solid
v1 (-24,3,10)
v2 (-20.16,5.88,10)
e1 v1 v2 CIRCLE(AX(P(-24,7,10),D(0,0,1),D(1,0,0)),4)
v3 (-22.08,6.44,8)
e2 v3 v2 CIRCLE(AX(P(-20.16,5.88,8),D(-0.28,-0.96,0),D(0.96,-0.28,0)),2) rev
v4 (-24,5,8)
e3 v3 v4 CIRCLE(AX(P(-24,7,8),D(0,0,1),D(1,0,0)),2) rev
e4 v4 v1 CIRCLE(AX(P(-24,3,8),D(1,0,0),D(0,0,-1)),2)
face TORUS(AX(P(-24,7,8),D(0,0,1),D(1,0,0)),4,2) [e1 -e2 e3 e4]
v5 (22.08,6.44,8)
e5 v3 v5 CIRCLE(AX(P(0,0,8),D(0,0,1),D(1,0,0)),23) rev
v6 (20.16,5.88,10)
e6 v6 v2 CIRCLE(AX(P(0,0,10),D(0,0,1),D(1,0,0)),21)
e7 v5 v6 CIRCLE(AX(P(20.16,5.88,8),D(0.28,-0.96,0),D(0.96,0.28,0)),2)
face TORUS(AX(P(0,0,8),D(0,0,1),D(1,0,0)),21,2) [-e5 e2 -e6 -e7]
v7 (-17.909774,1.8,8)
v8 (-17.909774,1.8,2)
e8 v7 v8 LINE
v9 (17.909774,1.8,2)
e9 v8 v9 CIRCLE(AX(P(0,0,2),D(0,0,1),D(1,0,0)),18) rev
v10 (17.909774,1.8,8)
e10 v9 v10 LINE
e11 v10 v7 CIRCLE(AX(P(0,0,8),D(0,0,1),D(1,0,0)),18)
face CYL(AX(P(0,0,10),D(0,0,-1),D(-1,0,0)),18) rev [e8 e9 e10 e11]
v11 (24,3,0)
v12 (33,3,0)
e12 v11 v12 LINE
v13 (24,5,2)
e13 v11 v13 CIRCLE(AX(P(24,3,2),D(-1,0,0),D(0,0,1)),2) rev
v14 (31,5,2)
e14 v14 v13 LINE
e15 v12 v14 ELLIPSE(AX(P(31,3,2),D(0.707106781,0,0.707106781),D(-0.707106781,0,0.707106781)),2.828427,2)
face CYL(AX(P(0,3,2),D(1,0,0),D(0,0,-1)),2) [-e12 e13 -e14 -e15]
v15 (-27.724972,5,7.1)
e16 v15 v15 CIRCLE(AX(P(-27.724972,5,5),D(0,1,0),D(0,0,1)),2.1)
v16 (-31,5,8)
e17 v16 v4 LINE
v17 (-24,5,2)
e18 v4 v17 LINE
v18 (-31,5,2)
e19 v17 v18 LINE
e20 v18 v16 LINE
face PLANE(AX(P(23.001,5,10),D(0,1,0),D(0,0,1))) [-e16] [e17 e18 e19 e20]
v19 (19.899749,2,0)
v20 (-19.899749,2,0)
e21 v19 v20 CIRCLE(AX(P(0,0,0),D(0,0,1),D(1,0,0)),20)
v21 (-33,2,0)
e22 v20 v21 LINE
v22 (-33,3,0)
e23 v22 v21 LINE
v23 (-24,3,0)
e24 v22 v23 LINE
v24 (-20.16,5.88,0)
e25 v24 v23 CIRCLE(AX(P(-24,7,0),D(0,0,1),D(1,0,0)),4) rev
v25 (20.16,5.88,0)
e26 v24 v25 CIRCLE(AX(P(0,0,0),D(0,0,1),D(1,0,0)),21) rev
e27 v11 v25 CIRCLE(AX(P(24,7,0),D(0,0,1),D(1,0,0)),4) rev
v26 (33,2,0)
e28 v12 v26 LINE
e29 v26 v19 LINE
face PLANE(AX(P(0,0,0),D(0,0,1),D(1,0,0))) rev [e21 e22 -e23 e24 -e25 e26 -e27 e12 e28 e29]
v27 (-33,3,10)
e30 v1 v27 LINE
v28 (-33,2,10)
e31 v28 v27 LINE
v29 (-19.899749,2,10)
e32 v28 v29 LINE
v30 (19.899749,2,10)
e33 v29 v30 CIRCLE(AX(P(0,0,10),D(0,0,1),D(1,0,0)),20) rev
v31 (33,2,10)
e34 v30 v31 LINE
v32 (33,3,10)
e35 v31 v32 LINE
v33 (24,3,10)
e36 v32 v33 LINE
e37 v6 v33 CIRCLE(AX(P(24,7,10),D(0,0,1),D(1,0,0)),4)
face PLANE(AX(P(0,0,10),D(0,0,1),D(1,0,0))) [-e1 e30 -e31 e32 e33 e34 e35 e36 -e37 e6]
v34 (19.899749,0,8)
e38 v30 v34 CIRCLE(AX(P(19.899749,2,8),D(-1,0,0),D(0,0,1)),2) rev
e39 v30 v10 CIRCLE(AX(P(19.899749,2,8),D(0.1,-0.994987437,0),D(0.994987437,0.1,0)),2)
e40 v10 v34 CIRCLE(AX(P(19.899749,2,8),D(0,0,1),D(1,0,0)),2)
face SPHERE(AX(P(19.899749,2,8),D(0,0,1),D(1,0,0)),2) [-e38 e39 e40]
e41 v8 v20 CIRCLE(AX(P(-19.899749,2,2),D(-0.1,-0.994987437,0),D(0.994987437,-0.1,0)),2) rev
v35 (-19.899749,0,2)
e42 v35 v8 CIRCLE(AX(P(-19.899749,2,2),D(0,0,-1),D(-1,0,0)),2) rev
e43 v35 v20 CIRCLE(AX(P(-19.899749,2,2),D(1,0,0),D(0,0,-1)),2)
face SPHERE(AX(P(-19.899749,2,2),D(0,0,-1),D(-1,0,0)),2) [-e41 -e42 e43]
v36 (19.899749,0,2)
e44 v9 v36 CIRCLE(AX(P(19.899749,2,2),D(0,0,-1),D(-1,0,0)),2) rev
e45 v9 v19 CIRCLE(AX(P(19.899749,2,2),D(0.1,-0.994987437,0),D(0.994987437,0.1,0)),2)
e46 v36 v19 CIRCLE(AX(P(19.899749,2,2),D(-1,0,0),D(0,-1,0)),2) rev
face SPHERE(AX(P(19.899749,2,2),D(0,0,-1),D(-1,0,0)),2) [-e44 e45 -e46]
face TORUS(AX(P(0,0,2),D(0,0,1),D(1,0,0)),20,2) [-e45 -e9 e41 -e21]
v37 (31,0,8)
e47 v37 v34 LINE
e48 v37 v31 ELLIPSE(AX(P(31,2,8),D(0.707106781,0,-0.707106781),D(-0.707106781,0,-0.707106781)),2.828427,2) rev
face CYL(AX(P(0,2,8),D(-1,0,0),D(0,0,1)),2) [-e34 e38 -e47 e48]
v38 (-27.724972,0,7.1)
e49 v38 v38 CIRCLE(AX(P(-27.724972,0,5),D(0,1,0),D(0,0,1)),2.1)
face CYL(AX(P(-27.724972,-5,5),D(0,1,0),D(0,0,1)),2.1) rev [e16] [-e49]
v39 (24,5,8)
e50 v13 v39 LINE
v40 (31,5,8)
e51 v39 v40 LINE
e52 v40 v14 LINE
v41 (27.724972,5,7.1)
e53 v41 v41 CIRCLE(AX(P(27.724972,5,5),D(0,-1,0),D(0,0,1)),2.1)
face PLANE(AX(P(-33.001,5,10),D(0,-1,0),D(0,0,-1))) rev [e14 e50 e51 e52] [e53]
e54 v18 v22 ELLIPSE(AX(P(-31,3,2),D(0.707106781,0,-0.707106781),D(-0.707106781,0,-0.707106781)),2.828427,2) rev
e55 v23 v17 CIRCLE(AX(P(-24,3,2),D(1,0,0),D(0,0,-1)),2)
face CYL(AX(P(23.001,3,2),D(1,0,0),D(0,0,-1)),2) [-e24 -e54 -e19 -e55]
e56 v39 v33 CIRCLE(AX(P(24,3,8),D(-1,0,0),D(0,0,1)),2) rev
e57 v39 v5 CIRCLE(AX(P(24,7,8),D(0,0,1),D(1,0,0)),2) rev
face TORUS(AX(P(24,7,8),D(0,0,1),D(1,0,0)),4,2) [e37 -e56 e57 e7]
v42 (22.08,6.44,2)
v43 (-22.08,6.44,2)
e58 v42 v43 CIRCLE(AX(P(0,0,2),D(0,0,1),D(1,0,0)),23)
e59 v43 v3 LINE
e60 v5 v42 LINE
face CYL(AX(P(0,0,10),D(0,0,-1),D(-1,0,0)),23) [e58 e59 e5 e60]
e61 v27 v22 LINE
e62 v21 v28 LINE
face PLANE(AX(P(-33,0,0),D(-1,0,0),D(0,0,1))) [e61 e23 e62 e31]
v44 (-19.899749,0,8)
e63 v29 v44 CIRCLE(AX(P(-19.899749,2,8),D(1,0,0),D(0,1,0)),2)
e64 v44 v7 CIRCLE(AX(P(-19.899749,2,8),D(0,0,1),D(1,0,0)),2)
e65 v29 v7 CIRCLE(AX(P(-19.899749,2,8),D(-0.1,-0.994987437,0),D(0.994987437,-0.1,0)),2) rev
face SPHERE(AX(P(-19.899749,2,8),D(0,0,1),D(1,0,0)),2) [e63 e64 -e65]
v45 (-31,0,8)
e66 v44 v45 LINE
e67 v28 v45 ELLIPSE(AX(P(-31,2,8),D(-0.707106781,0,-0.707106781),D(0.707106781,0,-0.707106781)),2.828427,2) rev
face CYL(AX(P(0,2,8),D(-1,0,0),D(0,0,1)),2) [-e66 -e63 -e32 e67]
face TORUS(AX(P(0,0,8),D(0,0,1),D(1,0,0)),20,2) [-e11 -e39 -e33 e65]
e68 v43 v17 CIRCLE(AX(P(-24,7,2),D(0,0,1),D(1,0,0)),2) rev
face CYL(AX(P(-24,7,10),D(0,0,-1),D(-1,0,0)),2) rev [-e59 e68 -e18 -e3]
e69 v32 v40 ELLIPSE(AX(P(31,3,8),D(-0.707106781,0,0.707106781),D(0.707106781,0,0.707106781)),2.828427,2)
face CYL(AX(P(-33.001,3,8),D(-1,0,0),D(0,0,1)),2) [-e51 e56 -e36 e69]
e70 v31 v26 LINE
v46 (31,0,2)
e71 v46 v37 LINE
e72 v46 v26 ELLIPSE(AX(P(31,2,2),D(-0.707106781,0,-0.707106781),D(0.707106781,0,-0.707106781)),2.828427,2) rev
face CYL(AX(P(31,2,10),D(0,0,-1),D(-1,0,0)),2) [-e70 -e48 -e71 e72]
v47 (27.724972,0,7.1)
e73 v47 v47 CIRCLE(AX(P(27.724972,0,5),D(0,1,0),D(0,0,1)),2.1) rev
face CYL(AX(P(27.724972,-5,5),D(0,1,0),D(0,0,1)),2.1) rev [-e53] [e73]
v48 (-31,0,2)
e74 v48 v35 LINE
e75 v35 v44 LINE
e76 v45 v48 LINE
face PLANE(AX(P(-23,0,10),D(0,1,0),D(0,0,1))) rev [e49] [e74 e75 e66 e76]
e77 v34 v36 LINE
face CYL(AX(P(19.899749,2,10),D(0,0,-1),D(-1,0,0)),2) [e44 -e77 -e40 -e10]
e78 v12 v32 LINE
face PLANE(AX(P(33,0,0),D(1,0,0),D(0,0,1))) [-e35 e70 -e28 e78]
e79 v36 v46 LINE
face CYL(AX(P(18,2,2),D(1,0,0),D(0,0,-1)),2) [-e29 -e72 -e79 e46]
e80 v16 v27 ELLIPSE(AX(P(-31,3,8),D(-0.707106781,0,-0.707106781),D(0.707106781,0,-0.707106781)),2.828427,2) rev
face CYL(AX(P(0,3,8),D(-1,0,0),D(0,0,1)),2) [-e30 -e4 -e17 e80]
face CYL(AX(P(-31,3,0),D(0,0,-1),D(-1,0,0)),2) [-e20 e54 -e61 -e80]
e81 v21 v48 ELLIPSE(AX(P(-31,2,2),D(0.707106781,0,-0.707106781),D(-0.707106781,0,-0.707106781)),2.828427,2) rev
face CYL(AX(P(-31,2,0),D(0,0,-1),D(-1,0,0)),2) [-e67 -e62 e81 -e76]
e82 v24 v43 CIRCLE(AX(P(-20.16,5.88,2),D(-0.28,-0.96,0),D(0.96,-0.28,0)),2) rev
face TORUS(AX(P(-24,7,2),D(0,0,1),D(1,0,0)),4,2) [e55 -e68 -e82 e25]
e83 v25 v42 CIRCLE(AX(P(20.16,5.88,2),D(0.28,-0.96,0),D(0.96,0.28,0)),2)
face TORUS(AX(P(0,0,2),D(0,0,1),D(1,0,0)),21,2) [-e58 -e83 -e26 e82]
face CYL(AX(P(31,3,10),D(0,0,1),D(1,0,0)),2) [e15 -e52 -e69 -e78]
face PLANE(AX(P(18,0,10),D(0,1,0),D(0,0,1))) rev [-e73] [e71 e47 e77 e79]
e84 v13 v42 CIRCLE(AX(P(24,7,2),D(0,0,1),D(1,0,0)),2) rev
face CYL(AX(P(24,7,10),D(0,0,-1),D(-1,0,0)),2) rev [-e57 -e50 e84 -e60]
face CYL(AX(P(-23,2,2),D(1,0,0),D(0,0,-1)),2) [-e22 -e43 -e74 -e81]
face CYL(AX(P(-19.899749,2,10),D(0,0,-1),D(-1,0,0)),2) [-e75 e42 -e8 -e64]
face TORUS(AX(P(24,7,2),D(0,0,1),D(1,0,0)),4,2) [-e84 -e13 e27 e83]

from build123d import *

# Parameters (mm, degrees)
BOSS_EXTRUDE1_DEPTH = 10
BOSS_EXTRUDE2_START = -0.550056
SKETCH2_W           = 10
SKETCH2_H           = 5
BOSS_EXTRUDE2_DEPTH = 10.550056
SKETCH3_R           = 2.1
CUT_EXTRUDE1_DEPTH  = 10
FILLET1_R           = 2


with BuildPart() as part:
    # Sketch1 → Boss-Extrude1 (new body)
    with BuildSketch(Plane.XY):
        with BuildLine():
            Line((-23, 0), (-18, 0))
            ThreePointArc((-18, 0), (0, 18), (18, 0))
            Line((18, 0), (23, 0))
            ThreePointArc((23, 0), (0, 23), (-23, 0))
        make_face()
    extrude(amount=BOSS_EXTRUDE1_DEPTH)

    # Sketch2 → Boss-Extrude2 (add)
    with BuildSketch(Plane.ZY.offset(23).offset(BOSS_EXTRUDE2_START)):
        with Locations((5, 2.5)):
            Rectangle(SKETCH2_W, SKETCH2_H)
    boss_extrude2 = extrude(amount=BOSS_EXTRUDE2_DEPTH)

    # Sketch3 → Cut-Extrude1 (cut)
    with BuildSketch(Plane(origin=(0, 5, 0), x_dir=(1, 0, 0), z_dir=(0, 1, 0))):
        with Locations((-27.72497216, -5)):
            Circle(SKETCH3_R)
    cut_extrude1 = extrude(amount=-CUT_EXTRUDE1_DEPTH, mode=Mode.SUBTRACT)

    # Mirror1: Boss-Extrude2, Cut-Extrude1 across plane
    add(boss_extrude2.mirror(Plane(origin=(0, 0, 0), x_dir=(0, 0, 1), z_dir=(1, 0, 0))))
    add(cut_extrude1.mirror(Plane(origin=(0, 0, 0), x_dir=(0, 0, 1), z_dir=(1, 0, 0))), mode=Mode.SUBTRACT)

    # Fillet1
    fillet1_edges = [part.edges().sort_by_distance(p)[0] for p in [
        (0, 18, 10),
        (-22.449944, 5, 5),
        (-27.724972, 5, 0),
        (-27.724972, 5, 10),
        (-33, 5, 5),
        (-33, 0, 5),
        (25.5, 0, 10),
        (0, 23, 0),
        (0, 23, 10),
        (27.724972, 5, 0),
        (27.724972, 5, 10),
        (33, 5, 5),
        (22.449944, 5, 5),
        (33, 0, 5),
        (25.5, 0, 0),
        (0, 18, 0),
        (-25.5, 0, 0),
        (18, 0, 5),
        (-18, 0, 5),
        (-25.5, 0, 10),
    ]]
    fillet(fillet1_edges, radius=FILLET1_R)


solid = part.part
